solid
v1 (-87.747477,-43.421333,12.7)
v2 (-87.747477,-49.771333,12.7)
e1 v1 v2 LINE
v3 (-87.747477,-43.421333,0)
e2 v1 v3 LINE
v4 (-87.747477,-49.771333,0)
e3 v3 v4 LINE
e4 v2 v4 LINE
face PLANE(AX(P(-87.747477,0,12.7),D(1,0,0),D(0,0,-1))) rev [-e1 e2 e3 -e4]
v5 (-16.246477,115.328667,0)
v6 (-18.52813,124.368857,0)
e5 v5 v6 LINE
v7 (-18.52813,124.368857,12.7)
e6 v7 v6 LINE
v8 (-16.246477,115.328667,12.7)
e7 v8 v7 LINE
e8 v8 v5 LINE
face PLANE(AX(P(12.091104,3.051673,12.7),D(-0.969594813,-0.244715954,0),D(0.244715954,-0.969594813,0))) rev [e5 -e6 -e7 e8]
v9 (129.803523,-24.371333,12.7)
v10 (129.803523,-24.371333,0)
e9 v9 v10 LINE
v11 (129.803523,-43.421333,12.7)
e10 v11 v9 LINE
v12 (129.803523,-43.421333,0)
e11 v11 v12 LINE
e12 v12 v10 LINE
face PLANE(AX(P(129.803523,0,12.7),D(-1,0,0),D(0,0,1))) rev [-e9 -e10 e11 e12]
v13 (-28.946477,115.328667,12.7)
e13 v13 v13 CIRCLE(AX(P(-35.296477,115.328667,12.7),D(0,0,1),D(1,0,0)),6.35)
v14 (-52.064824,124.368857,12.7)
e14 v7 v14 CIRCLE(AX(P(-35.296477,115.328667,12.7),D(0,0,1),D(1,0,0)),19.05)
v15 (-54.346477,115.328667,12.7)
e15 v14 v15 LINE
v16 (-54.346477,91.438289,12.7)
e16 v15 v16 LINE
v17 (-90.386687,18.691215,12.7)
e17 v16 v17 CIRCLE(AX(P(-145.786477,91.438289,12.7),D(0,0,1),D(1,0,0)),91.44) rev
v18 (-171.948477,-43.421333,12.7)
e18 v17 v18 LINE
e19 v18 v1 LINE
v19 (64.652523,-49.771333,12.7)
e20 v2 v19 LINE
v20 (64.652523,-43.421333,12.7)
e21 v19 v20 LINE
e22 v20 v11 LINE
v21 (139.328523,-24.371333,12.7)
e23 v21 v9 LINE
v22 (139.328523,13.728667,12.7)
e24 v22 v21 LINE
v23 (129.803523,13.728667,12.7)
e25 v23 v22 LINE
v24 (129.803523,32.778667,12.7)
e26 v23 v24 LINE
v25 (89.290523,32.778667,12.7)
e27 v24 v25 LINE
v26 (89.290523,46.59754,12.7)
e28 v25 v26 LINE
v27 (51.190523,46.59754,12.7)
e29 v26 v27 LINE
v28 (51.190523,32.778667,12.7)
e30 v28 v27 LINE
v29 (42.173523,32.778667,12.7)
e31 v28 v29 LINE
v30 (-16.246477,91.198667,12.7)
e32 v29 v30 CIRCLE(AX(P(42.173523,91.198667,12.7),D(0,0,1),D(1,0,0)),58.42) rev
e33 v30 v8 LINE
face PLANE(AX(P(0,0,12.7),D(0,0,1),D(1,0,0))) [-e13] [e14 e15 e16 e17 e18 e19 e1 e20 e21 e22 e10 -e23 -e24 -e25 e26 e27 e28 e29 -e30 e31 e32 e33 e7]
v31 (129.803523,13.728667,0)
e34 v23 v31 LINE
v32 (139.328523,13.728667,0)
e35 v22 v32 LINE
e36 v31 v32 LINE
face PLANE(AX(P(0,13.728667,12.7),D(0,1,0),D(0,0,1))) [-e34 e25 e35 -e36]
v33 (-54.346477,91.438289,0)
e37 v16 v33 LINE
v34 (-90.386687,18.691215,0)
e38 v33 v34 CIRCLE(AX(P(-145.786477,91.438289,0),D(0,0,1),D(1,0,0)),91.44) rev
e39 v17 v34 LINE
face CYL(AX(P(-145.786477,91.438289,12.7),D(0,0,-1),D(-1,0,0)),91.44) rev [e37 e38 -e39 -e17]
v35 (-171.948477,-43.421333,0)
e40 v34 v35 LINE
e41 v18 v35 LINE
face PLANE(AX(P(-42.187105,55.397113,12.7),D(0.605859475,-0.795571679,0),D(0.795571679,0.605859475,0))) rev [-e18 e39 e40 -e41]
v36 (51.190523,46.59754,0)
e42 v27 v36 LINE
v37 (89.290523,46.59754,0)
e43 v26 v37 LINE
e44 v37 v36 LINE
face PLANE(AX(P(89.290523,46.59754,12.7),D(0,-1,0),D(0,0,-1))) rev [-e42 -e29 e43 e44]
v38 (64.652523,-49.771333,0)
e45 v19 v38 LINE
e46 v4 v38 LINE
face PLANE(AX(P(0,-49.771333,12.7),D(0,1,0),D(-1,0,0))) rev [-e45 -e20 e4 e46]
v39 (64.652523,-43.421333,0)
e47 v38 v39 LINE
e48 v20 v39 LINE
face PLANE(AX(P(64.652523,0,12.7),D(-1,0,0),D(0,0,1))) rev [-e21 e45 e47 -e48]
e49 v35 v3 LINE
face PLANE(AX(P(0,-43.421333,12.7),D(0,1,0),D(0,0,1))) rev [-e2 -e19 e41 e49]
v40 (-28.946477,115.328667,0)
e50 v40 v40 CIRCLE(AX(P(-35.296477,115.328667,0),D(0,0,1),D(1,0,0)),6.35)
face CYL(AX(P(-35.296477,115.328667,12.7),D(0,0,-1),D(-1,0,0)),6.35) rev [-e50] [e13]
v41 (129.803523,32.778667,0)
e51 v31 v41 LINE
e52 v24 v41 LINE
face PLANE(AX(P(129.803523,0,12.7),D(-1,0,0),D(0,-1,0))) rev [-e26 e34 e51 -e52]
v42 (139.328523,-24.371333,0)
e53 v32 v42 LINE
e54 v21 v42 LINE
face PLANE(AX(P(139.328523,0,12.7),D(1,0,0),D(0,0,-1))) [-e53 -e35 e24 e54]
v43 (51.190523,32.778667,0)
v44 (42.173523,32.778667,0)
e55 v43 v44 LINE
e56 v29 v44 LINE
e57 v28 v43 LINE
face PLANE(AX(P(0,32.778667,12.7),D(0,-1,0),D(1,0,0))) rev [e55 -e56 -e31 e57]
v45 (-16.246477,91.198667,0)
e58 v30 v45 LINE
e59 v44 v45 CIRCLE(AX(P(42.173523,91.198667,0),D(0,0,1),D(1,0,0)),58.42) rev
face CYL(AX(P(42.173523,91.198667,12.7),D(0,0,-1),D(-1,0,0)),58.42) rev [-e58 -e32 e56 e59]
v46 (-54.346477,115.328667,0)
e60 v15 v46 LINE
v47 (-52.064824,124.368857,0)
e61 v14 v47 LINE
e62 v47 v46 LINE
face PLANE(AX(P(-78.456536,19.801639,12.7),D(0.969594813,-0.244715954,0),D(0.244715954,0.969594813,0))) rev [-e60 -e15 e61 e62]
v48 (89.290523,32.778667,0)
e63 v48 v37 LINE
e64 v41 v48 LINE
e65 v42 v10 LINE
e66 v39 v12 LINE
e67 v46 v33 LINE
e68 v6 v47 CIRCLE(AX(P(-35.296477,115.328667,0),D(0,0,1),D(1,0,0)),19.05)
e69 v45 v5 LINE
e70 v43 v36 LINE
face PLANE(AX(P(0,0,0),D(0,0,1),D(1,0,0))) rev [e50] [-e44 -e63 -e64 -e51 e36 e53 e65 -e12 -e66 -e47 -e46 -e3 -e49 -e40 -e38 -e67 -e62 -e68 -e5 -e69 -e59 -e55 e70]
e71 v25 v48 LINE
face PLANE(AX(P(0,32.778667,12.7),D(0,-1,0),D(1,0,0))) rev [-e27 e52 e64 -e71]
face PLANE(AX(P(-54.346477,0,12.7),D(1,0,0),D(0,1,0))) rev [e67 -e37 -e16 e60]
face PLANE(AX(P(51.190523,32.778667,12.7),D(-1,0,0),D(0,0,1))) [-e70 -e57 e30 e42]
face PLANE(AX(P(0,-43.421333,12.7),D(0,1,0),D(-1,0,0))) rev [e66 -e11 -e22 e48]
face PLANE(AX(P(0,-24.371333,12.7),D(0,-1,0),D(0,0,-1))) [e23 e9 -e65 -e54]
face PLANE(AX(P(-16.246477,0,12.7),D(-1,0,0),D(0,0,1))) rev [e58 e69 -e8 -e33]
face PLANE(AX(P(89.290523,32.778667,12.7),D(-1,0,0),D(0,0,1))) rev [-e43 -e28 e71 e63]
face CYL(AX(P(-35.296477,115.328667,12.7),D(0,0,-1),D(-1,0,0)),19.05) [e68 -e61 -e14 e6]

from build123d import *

# Parameters (mm, degrees)
SKETCH1_R           = 6.35
SKETCH1_W           = 38.1
SKETCH1_H           = 13.818872092
BOSS_EXTRUDE1_DEPTH = 12.7


with BuildPart() as part:
    # Sketch1 → Boss-Extrude1 (new body)
    # profile 1 of 2: a face of its own
    with BuildSketch(Plane.XY):
        with BuildLine():
            Line((129.803523023, 13.72866743), (129.803523023, 32.77866743))
            Line((129.803523023, 32.77866743), (104.403523023, 32.77866743))
            Line((104.403523023, 32.77866743), (89.290523023, 32.77866743))
            Line((89.290523023, 32.77866743), (51.190523023, 32.77866743))
            Line((51.190523023, 32.77866743), (44.078523023, 32.77866743))
            Line((44.078523023, 32.77866743), (42.173523023, 32.77866743))
            ThreePointArc((42.173523023, 32.77866743), (0.864344867, 49.889489273), (-16.246476977, 91.19866743))
            Line((-16.246476977, 91.19866743), (-16.246476977, 115.32866743))
            Line((-16.246476977, 115.32866743), (-18.528129693, 124.368857105))
            ThreePointArc((-18.528129693, 124.368857105), (-35.296476977, 134.37866743), (-52.064824261, 124.368857105))
            Line((-52.064824261, 124.368857105), (-54.346476977, 115.32866743))
            Line((-54.346476977, 115.32866743), (-54.346476977, 91.438289009))
            ThreePointArc((-54.346476977, 91.438289009), (-63.850433524, 50.845698757), (-90.386686587, 18.691214671))
            Line((-90.386686587, 18.691214671), (-171.948476977, -43.42133257))
            Line((-171.948476977, -43.42133257), (-87.747476977, -43.42133257))
            Line((-87.747476977, -43.42133257), (-87.747476977, -49.77133257))
            Line((-87.747476977, -49.77133257), (-61.229320991, -49.77133257))
            Line((-61.229320991, -49.77133257), (-16.694588765, -49.77133257))
            Line((-16.694588765, -49.77133257), (64.652523023, -49.77133257))
            Line((64.652523023, -49.77133257), (64.652523023, -43.42133257))
            Line((64.652523023, -43.42133257), (129.803523023, -43.42133257))
            Line((129.803523023, -43.42133257), (129.803523023, -24.37133257))
            Line((129.803523023, -24.37133257), (139.328523023, -24.37133257))
            Line((139.328523023, -24.37133257), (139.328523023, 13.72866743))
            Line((139.328523023, 13.72866743), (129.803523023, 13.72866743))
        make_face()
        with Locations((-35.296476977, 115.32866743)):
            Circle(SKETCH1_R, mode=Mode.SUBTRACT)
    # profile 2 of 2: a face of its own
    with BuildSketch(Plane.XY):
        with Locations((70.240523023, 39.688103476)):
            Rectangle(SKETCH1_W, SKETCH1_H)
    extrude(amount=BOSS_EXTRUDE1_DEPTH)


solid = part.part
